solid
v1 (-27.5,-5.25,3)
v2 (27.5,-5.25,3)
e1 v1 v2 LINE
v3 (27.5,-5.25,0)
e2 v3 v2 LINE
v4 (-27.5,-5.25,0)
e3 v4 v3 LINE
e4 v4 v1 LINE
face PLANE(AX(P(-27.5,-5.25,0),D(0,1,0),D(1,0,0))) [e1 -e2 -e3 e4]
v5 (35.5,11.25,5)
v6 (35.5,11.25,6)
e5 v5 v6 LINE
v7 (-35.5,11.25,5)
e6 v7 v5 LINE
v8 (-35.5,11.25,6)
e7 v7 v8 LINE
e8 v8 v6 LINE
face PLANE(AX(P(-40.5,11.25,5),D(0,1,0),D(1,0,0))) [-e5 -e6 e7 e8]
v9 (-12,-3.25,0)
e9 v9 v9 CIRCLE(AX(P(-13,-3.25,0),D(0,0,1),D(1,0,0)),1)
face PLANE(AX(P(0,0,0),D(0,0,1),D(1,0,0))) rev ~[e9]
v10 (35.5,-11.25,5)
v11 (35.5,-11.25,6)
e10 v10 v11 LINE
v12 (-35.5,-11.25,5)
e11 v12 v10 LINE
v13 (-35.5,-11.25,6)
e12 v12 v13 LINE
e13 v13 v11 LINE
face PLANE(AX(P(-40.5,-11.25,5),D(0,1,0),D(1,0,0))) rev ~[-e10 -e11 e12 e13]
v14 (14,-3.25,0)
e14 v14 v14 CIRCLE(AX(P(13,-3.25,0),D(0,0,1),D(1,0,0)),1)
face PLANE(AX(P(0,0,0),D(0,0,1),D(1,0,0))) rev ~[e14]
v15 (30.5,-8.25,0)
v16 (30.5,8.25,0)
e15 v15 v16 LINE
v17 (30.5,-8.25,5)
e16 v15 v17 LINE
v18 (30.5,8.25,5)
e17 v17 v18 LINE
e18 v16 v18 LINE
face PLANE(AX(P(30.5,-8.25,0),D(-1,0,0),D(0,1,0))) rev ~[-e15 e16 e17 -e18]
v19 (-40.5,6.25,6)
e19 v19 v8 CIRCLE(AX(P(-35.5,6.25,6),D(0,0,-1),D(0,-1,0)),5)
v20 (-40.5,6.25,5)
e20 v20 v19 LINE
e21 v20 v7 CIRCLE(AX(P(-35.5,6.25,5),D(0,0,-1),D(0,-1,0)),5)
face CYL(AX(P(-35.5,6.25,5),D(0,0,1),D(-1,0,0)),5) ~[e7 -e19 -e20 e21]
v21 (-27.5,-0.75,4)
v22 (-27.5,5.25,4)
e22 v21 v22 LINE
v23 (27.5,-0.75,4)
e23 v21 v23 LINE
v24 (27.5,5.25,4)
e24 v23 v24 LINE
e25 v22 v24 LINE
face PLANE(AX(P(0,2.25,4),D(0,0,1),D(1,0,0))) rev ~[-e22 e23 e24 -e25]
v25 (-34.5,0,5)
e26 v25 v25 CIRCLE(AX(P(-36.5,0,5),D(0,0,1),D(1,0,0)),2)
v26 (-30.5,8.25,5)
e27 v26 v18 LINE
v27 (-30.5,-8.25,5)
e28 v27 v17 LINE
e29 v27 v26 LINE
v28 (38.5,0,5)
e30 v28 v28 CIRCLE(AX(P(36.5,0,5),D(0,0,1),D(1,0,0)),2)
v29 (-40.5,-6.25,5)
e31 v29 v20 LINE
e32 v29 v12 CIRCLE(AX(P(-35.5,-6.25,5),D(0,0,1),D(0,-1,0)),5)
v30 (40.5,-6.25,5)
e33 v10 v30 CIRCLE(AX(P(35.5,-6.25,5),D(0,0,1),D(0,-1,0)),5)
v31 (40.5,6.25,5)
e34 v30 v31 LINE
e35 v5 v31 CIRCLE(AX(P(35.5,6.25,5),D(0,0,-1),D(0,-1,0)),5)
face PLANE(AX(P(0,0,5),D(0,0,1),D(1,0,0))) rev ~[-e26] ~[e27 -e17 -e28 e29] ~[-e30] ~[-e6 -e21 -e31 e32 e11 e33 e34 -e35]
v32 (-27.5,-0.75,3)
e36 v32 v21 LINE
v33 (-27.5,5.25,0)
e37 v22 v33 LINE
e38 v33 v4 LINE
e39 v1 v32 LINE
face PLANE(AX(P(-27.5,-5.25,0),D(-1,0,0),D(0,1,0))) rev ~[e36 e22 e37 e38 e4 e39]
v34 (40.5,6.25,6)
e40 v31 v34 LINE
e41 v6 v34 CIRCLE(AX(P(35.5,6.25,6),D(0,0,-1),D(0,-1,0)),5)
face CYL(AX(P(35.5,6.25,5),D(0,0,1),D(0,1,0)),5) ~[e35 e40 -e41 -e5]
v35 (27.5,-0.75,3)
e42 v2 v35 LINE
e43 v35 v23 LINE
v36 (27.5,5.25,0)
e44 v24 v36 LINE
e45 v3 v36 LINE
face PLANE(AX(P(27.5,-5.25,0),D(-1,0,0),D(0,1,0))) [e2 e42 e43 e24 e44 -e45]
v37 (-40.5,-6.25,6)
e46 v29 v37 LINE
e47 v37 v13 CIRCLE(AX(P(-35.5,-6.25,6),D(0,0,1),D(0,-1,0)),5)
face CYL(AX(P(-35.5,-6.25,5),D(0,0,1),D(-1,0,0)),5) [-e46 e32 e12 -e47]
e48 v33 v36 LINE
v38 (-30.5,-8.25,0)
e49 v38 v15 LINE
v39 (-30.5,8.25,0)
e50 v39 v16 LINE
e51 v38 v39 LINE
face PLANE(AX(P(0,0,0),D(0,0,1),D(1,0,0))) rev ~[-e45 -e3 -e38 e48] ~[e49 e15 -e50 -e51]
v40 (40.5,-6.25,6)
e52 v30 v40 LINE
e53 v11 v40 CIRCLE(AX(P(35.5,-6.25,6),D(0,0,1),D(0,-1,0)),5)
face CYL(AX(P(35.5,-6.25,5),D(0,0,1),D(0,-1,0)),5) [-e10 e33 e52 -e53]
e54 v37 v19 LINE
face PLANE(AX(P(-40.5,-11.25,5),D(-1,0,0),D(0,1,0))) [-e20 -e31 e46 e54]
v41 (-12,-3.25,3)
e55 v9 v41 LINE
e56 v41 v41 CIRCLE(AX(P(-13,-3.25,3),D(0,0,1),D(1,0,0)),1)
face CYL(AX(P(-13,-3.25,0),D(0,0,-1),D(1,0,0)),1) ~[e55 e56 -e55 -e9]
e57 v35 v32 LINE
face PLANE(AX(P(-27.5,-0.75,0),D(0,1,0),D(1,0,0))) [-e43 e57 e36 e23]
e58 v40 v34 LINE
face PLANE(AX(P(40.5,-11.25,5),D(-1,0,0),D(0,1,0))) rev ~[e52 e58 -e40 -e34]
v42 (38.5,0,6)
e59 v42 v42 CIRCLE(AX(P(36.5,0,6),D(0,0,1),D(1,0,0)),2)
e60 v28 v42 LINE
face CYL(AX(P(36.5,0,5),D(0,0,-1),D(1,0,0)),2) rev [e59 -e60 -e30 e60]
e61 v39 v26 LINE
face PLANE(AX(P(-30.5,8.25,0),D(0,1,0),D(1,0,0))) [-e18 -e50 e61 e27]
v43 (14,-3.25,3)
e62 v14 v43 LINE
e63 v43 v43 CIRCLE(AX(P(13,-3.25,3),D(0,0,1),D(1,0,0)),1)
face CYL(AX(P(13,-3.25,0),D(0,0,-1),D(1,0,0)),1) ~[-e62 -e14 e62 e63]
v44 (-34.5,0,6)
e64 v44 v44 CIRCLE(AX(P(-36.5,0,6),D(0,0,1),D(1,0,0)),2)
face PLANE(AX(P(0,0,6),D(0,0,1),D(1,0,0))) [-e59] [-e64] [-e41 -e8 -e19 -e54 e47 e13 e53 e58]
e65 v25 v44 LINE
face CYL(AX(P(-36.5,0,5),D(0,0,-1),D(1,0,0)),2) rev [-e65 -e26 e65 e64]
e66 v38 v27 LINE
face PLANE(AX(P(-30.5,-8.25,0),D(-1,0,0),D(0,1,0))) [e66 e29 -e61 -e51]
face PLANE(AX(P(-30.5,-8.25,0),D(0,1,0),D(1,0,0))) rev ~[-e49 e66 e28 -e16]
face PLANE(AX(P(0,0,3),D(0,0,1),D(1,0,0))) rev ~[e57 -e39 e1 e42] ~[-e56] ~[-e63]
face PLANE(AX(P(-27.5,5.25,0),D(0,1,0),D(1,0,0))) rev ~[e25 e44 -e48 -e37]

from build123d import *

# Parameters (mm, degrees)
SKETCH_W        = 61
SKETCH_H        = 16.5
PAD_DEPTH       = 6
SKETCH001_W     = 55
SKETCH001_H     = 10.5
SKETCH001_R     = 1
POCKET_DEPTH    = 3
SKETCH002_W     = 55
SKETCH002_H     = 6
POCKET001_DEPTH = 4
PAD001_START    = 5
SKETCH003_W     = 81
SKETCH003_H     = 22.5
SKETCH003_R     = 2
PAD001_DEPTH    = 1
FILLET_R        = 5


with BuildPart() as part:
    # Sketch → Pad (new body)
    with BuildSketch(Plane.XY):
        Rectangle(SKETCH_W, SKETCH_H)
    extrude(amount=PAD_DEPTH)

    # Sketch001 → Pocket (cut)
    with BuildSketch(Plane.XY):
        Rectangle(SKETCH001_W, SKETCH001_H)
        with Locations((-13, -3.25)):
            Circle(SKETCH001_R, mode=Mode.SUBTRACT)
        with Locations((13, -3.25)):
            Circle(SKETCH001_R, mode=Mode.SUBTRACT)
    extrude(amount=POCKET_DEPTH, mode=Mode.SUBTRACT)

    # Sketch002 → Pocket001 (cut)
    with BuildSketch(Plane.XY):
        with Locations((0, 2.25)):
            Rectangle(SKETCH002_W, SKETCH002_H)
    extrude(amount=POCKET001_DEPTH, mode=Mode.SUBTRACT)

    # Sketch003 → Pad001 (join)
    with BuildSketch(Plane.XY.offset(PAD001_START)):
        Rectangle(SKETCH003_W, SKETCH003_H)
        with Locations((36.5, 0)):
            Circle(SKETCH003_R, mode=Mode.SUBTRACT)
        with Locations((-36.5, 0)):
            Circle(SKETCH003_R, mode=Mode.SUBTRACT)
    extrude(amount=PAD001_DEPTH)

    # Fillet
    fillet_edges = [part.edges().sort_by_distance(p)[0] for p in [
        (-40.5, 11.25, 5.5),
        (-40.5, -11.25, 5.5),
        (40.5, -11.25, 5.5),
        (40.5, 11.25, 5.5),
    ]]
    fillet(fillet_edges, radius=FILLET_R)


solid = part.part
